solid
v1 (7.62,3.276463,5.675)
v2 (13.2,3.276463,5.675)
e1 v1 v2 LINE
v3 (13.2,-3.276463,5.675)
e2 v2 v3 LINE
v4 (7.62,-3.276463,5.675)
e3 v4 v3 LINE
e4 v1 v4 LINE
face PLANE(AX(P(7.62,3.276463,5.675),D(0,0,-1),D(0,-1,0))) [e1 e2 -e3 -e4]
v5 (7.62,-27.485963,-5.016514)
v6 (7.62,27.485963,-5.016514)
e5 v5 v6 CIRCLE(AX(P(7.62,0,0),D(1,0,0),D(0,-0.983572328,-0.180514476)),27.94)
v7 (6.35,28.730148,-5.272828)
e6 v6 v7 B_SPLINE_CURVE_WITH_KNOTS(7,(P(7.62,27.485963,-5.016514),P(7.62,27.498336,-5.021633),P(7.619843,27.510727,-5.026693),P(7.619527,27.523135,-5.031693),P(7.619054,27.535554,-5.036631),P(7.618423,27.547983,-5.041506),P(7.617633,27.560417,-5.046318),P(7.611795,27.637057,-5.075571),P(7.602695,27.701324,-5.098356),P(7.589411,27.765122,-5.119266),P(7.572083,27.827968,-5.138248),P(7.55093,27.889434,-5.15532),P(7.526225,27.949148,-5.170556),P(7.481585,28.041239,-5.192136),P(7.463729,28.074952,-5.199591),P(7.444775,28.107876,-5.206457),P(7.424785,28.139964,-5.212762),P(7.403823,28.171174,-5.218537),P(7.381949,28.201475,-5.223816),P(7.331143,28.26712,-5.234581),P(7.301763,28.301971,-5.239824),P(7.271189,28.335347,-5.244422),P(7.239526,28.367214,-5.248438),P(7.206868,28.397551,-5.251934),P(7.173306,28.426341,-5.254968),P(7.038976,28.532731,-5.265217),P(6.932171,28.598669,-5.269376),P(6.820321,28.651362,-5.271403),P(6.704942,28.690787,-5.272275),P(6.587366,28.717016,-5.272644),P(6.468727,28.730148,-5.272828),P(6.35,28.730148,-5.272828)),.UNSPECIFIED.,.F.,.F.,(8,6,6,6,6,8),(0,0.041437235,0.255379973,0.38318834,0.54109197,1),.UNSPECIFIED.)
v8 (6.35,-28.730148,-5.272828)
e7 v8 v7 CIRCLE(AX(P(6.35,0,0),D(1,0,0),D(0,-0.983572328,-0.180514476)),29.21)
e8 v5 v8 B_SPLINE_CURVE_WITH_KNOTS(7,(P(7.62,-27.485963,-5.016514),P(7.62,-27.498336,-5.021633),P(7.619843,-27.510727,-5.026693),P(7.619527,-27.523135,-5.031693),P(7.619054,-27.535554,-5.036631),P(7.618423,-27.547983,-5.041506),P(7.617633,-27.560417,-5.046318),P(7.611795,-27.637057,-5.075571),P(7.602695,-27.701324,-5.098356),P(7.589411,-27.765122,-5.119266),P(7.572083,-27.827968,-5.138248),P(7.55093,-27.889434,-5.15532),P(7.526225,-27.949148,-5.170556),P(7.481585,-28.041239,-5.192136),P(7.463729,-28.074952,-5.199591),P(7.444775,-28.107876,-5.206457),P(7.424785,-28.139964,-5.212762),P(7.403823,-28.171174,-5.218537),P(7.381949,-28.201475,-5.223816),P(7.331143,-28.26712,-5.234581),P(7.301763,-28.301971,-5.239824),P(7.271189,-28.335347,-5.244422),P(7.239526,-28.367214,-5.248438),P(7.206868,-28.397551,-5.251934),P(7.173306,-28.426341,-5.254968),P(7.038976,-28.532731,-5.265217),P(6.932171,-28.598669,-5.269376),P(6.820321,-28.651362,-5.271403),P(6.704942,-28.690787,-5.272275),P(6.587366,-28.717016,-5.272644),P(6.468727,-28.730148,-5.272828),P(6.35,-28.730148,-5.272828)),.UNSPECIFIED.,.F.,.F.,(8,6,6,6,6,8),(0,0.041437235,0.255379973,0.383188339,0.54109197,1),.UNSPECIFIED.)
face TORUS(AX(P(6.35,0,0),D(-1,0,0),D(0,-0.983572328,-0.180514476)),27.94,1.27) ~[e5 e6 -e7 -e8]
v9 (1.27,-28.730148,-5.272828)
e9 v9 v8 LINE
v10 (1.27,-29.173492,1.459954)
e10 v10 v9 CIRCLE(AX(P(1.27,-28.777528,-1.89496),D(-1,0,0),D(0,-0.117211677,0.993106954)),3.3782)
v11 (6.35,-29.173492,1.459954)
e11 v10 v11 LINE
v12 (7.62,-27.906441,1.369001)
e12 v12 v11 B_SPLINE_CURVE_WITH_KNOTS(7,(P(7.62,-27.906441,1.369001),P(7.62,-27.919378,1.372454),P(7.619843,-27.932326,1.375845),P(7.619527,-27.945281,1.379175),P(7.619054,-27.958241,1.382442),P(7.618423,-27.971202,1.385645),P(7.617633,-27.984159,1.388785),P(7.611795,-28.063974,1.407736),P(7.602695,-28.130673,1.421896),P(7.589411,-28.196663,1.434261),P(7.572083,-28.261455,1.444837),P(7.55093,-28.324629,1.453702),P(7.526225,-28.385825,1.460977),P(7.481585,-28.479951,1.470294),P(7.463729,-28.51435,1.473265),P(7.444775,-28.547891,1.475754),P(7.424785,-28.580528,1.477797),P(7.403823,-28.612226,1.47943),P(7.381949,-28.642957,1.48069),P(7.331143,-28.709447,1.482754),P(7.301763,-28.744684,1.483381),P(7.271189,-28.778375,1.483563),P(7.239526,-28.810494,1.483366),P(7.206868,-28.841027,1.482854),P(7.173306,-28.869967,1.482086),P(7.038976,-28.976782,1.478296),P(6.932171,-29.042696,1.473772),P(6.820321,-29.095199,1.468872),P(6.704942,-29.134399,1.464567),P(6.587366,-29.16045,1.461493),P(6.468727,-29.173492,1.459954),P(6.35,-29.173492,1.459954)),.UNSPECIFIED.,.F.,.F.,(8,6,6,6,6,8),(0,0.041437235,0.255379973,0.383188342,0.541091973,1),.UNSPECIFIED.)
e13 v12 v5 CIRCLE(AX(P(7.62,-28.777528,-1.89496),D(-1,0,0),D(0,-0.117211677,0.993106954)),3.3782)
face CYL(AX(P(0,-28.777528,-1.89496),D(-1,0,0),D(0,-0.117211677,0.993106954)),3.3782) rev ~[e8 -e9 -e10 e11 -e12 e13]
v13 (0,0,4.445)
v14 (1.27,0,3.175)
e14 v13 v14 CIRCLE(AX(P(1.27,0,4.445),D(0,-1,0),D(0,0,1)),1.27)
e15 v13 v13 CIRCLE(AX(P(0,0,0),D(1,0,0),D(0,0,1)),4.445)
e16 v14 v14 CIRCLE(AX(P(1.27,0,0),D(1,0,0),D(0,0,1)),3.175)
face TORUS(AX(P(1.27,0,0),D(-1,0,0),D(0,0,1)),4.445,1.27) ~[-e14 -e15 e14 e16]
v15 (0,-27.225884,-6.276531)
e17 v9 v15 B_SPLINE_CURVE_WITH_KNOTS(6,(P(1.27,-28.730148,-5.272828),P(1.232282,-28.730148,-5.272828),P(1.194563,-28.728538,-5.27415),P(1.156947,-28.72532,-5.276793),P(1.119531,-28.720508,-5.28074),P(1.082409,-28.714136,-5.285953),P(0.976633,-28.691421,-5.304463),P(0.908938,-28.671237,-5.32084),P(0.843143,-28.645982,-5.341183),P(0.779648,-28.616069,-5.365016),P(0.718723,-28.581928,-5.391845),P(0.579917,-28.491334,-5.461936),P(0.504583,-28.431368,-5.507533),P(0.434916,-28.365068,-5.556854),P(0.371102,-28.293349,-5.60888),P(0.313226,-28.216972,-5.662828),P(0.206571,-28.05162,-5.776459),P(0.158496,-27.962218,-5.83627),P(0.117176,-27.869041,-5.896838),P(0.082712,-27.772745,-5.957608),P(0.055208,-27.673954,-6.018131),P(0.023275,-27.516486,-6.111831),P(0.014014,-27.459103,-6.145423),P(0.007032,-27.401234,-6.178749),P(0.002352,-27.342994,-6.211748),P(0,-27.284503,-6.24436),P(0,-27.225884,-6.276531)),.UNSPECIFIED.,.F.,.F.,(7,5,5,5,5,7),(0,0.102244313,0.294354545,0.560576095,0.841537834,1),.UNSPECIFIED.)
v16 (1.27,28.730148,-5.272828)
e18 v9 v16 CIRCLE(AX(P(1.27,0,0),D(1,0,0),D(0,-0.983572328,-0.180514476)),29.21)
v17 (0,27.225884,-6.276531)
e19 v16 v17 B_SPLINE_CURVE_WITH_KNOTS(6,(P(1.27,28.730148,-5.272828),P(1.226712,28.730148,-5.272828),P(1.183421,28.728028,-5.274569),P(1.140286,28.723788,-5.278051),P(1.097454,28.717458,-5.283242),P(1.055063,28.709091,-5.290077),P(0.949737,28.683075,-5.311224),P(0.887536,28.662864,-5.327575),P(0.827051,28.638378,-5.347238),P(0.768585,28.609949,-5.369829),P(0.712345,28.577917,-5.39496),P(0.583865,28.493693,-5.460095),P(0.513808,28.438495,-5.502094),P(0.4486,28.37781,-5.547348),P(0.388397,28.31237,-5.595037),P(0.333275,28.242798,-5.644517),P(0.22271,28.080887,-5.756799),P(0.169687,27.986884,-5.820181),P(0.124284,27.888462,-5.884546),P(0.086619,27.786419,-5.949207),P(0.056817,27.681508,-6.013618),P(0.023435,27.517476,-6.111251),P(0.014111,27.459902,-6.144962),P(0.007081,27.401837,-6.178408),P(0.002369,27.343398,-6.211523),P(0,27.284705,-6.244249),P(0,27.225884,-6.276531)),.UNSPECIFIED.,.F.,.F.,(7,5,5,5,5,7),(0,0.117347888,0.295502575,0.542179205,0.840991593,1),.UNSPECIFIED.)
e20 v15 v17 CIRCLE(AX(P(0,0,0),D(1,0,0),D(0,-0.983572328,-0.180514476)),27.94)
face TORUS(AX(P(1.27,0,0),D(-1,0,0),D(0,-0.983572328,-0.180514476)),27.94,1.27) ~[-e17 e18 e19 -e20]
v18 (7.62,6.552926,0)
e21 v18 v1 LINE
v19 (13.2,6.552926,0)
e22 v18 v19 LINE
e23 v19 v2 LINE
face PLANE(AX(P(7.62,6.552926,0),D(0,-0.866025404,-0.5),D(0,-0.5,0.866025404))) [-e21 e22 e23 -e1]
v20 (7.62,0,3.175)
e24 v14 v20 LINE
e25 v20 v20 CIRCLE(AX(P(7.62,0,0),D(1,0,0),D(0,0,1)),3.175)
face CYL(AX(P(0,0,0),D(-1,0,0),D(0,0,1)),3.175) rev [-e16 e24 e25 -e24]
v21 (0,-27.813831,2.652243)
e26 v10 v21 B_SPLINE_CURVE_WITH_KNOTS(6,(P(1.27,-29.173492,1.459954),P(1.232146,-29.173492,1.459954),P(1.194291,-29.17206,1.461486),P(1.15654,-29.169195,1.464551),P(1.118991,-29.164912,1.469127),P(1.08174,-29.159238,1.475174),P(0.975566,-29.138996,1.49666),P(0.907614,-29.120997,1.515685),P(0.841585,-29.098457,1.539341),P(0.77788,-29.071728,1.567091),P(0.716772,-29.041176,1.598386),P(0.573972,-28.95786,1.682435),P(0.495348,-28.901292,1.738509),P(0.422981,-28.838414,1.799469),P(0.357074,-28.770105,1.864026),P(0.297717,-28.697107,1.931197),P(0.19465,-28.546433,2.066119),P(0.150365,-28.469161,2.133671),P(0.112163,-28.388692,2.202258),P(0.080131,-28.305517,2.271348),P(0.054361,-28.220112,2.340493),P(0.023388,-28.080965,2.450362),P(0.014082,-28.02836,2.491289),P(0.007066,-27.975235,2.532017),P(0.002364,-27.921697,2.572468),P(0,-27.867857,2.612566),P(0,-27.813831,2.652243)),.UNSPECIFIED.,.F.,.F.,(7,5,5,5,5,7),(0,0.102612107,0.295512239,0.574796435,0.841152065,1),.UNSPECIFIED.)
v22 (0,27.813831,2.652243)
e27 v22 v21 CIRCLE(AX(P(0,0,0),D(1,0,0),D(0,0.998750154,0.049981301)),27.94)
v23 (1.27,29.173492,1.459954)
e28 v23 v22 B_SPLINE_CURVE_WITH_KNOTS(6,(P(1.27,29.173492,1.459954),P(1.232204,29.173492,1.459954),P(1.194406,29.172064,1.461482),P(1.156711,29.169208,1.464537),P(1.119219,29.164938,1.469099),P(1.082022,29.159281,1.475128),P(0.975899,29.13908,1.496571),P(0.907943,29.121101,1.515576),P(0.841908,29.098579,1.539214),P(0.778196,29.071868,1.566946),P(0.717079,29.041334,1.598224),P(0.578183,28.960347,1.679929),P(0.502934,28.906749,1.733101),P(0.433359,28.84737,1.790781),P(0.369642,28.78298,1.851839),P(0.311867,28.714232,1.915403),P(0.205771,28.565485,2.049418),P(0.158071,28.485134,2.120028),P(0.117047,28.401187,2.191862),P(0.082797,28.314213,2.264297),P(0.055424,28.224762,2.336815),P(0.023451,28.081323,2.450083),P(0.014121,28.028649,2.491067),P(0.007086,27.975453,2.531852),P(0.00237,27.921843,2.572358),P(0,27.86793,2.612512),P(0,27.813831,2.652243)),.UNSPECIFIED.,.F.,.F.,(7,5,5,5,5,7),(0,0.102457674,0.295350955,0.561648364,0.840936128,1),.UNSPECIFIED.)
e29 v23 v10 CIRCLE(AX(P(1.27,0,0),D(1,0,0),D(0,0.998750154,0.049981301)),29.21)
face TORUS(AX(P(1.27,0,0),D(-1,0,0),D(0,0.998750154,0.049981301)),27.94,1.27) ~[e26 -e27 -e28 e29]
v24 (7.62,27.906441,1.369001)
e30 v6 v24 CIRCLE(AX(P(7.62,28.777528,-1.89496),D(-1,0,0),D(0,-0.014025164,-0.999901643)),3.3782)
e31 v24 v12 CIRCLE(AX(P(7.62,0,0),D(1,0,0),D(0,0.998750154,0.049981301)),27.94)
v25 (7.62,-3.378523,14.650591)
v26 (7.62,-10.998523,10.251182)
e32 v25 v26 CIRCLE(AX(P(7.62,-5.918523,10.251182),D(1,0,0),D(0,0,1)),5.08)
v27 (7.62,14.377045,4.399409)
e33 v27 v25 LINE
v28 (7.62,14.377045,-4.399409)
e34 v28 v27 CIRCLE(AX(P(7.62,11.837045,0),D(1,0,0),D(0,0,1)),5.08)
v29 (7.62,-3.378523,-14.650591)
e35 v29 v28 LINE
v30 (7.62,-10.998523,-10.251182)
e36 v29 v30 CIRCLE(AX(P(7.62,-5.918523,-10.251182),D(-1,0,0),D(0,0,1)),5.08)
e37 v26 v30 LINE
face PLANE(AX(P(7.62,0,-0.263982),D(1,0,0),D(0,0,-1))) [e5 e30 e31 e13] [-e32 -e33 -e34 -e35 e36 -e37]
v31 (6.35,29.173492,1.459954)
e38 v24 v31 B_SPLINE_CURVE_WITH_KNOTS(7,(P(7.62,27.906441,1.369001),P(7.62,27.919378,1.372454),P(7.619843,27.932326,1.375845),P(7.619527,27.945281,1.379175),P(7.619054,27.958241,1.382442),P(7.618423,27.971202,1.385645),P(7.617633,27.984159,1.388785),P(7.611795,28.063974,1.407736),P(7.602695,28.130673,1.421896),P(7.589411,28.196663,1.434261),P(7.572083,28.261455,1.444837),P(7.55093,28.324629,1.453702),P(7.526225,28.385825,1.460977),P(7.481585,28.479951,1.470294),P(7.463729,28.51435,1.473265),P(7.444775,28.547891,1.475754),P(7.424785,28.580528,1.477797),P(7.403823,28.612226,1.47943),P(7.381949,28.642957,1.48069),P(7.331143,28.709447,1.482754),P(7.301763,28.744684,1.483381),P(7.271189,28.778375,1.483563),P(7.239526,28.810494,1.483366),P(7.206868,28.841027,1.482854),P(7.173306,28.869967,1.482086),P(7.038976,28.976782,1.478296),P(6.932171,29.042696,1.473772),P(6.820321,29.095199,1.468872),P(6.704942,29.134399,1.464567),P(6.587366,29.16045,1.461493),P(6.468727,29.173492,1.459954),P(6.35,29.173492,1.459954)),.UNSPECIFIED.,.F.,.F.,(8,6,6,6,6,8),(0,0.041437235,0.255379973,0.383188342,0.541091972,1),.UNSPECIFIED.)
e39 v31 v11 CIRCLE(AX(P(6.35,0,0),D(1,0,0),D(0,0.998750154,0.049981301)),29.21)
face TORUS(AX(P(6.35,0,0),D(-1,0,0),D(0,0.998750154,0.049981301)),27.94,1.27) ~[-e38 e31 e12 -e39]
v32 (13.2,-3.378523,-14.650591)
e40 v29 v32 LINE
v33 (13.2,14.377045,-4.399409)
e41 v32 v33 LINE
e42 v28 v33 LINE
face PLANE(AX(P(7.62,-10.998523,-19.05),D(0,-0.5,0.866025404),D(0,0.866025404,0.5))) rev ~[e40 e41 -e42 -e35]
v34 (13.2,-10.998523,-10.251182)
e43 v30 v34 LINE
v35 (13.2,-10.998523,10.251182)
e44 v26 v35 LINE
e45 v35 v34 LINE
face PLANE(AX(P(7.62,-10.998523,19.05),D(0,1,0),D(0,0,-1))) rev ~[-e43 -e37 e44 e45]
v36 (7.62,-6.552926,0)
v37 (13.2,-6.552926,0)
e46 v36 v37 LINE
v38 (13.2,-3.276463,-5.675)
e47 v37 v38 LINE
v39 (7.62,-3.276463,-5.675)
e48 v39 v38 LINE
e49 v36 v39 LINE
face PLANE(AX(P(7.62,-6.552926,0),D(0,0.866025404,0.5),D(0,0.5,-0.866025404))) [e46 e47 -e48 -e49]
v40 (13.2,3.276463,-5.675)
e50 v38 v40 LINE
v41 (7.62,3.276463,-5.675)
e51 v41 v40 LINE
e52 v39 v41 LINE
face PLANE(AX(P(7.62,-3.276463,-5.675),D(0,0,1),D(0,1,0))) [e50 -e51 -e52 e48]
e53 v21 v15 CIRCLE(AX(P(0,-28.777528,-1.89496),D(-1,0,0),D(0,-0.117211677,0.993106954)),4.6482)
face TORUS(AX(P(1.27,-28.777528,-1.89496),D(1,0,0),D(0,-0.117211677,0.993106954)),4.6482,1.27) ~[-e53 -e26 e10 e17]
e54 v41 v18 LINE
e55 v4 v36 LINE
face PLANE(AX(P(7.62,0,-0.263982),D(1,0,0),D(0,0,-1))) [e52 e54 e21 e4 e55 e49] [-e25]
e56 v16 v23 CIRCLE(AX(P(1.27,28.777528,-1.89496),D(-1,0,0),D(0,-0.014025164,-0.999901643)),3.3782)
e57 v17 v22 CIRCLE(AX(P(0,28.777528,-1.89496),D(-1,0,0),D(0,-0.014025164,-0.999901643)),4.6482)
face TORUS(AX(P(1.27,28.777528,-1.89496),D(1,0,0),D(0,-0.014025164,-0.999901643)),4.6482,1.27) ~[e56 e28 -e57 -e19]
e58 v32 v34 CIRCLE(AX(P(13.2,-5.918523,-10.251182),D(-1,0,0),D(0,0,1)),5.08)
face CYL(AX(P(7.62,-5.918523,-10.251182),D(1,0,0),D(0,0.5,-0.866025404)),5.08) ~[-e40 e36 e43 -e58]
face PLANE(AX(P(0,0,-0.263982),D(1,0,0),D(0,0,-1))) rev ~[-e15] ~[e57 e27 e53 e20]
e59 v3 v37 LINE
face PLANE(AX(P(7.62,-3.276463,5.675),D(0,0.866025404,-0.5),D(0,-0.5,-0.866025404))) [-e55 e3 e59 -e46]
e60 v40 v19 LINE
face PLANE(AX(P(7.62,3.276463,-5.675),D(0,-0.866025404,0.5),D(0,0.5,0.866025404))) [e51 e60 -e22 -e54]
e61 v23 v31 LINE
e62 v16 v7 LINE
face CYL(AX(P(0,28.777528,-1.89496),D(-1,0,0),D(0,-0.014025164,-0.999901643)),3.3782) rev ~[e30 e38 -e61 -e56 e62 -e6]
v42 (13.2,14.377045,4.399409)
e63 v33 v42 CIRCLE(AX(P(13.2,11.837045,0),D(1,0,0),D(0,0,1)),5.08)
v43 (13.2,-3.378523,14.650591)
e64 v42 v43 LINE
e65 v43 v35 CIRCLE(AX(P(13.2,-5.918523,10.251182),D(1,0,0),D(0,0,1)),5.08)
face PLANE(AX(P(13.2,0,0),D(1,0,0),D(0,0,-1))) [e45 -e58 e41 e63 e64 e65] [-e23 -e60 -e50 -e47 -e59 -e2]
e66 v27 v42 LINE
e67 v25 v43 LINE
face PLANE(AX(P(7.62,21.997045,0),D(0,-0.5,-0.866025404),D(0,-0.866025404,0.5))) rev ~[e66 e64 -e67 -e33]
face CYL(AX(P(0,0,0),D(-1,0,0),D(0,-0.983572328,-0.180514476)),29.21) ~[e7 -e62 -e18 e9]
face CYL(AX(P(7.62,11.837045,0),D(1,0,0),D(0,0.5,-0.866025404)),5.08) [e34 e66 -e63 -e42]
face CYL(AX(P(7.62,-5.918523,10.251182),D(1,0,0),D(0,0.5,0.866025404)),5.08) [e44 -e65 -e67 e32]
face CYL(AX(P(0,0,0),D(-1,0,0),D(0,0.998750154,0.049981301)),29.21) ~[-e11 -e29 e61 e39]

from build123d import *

# Parameters (mm, degrees)
SKETCH2_R           = 3.175
BOSS_EXTRUDE1_DEPTH = 7.62
BOSS_EXTRUDE2_DEPTH = 5.58
FILLET1_R           = 5.08
FILLET3_R           = 1.27


with BuildPart() as part:
    # Sketch2 → Boss-Extrude1 (new body)
    with BuildSketch(Plane(origin=(0, 0, 0), x_dir=(0, 0, -1), z_dir=(1, 0, 0))):
        with BuildLine():
            ThreePointArc((5.27282783, -28.730147697), (29.21, 0), (5.27282783, 28.730147697))
            ThreePointArc((5.27282783, 28.730147697), (1.672991049, 25.406627776), (-1.459953812, 29.17349199))
            ThreePointArc((-1.459953812, 29.17349199), (-29.21, 0), (-1.459953812, -29.17349199))
            ThreePointArc((-1.459953812, -29.17349199), (1.672991049, -25.406627776), (5.27282783, -28.730147697))
        make_face()
        with Locations(Location((0, 0, 0), (0, 0, 180))):
            Circle(SKETCH2_R, mode=Mode.SUBTRACT)
    extrude(amount=BOSS_EXTRUDE1_DEPTH)

    # Sketch3 → Boss-Extrude2 (add)
    with BuildSketch(Plane(origin=(7.62, 0, 0), x_dir=(0, 0, -1), z_dir=(1, 0, 0))):
        Polygon((19.05, -10.998522628), (0, 21.997045256), (-19.05, -10.998522628), align=None)
        Polygon((-5.675, 3.276462778), (-5.675, -3.276462778), (0, -6.552925555), (5.675, -3.276462778), (5.675, 3.276462778), (0, 6.552925555), align=None, mode=Mode.SUBTRACT)
    extrude(amount=BOSS_EXTRUDE2_DEPTH)

    # Fillet1
    fillet1_edges = [part.edges().sort_by_distance(p)[0] for p in [
        (10.41, -10.998522628, 19.05),
        (10.41, -10.998522628, -19.05),
        (10.41, 21.997045256, 0),
    ]]
    fillet(fillet1_edges, radius=FILLET1_R)

    # Fillet3
    fillet3_edges = [part.edges().sort_by_distance(p)[0] for p in [
        (0, 0, -3.175),
        (7.62, 0, -29.21),
        (7.62, 0, 29.21),
        (0, 25.406627776, -1.672991049),
        (0, 0, -29.21),
        (0, -25.406627776, -1.672991049),
        (0, 0, 29.21),
    ]]
    fillet(fillet3_edges, radius=FILLET3_R)


solid = part.part
